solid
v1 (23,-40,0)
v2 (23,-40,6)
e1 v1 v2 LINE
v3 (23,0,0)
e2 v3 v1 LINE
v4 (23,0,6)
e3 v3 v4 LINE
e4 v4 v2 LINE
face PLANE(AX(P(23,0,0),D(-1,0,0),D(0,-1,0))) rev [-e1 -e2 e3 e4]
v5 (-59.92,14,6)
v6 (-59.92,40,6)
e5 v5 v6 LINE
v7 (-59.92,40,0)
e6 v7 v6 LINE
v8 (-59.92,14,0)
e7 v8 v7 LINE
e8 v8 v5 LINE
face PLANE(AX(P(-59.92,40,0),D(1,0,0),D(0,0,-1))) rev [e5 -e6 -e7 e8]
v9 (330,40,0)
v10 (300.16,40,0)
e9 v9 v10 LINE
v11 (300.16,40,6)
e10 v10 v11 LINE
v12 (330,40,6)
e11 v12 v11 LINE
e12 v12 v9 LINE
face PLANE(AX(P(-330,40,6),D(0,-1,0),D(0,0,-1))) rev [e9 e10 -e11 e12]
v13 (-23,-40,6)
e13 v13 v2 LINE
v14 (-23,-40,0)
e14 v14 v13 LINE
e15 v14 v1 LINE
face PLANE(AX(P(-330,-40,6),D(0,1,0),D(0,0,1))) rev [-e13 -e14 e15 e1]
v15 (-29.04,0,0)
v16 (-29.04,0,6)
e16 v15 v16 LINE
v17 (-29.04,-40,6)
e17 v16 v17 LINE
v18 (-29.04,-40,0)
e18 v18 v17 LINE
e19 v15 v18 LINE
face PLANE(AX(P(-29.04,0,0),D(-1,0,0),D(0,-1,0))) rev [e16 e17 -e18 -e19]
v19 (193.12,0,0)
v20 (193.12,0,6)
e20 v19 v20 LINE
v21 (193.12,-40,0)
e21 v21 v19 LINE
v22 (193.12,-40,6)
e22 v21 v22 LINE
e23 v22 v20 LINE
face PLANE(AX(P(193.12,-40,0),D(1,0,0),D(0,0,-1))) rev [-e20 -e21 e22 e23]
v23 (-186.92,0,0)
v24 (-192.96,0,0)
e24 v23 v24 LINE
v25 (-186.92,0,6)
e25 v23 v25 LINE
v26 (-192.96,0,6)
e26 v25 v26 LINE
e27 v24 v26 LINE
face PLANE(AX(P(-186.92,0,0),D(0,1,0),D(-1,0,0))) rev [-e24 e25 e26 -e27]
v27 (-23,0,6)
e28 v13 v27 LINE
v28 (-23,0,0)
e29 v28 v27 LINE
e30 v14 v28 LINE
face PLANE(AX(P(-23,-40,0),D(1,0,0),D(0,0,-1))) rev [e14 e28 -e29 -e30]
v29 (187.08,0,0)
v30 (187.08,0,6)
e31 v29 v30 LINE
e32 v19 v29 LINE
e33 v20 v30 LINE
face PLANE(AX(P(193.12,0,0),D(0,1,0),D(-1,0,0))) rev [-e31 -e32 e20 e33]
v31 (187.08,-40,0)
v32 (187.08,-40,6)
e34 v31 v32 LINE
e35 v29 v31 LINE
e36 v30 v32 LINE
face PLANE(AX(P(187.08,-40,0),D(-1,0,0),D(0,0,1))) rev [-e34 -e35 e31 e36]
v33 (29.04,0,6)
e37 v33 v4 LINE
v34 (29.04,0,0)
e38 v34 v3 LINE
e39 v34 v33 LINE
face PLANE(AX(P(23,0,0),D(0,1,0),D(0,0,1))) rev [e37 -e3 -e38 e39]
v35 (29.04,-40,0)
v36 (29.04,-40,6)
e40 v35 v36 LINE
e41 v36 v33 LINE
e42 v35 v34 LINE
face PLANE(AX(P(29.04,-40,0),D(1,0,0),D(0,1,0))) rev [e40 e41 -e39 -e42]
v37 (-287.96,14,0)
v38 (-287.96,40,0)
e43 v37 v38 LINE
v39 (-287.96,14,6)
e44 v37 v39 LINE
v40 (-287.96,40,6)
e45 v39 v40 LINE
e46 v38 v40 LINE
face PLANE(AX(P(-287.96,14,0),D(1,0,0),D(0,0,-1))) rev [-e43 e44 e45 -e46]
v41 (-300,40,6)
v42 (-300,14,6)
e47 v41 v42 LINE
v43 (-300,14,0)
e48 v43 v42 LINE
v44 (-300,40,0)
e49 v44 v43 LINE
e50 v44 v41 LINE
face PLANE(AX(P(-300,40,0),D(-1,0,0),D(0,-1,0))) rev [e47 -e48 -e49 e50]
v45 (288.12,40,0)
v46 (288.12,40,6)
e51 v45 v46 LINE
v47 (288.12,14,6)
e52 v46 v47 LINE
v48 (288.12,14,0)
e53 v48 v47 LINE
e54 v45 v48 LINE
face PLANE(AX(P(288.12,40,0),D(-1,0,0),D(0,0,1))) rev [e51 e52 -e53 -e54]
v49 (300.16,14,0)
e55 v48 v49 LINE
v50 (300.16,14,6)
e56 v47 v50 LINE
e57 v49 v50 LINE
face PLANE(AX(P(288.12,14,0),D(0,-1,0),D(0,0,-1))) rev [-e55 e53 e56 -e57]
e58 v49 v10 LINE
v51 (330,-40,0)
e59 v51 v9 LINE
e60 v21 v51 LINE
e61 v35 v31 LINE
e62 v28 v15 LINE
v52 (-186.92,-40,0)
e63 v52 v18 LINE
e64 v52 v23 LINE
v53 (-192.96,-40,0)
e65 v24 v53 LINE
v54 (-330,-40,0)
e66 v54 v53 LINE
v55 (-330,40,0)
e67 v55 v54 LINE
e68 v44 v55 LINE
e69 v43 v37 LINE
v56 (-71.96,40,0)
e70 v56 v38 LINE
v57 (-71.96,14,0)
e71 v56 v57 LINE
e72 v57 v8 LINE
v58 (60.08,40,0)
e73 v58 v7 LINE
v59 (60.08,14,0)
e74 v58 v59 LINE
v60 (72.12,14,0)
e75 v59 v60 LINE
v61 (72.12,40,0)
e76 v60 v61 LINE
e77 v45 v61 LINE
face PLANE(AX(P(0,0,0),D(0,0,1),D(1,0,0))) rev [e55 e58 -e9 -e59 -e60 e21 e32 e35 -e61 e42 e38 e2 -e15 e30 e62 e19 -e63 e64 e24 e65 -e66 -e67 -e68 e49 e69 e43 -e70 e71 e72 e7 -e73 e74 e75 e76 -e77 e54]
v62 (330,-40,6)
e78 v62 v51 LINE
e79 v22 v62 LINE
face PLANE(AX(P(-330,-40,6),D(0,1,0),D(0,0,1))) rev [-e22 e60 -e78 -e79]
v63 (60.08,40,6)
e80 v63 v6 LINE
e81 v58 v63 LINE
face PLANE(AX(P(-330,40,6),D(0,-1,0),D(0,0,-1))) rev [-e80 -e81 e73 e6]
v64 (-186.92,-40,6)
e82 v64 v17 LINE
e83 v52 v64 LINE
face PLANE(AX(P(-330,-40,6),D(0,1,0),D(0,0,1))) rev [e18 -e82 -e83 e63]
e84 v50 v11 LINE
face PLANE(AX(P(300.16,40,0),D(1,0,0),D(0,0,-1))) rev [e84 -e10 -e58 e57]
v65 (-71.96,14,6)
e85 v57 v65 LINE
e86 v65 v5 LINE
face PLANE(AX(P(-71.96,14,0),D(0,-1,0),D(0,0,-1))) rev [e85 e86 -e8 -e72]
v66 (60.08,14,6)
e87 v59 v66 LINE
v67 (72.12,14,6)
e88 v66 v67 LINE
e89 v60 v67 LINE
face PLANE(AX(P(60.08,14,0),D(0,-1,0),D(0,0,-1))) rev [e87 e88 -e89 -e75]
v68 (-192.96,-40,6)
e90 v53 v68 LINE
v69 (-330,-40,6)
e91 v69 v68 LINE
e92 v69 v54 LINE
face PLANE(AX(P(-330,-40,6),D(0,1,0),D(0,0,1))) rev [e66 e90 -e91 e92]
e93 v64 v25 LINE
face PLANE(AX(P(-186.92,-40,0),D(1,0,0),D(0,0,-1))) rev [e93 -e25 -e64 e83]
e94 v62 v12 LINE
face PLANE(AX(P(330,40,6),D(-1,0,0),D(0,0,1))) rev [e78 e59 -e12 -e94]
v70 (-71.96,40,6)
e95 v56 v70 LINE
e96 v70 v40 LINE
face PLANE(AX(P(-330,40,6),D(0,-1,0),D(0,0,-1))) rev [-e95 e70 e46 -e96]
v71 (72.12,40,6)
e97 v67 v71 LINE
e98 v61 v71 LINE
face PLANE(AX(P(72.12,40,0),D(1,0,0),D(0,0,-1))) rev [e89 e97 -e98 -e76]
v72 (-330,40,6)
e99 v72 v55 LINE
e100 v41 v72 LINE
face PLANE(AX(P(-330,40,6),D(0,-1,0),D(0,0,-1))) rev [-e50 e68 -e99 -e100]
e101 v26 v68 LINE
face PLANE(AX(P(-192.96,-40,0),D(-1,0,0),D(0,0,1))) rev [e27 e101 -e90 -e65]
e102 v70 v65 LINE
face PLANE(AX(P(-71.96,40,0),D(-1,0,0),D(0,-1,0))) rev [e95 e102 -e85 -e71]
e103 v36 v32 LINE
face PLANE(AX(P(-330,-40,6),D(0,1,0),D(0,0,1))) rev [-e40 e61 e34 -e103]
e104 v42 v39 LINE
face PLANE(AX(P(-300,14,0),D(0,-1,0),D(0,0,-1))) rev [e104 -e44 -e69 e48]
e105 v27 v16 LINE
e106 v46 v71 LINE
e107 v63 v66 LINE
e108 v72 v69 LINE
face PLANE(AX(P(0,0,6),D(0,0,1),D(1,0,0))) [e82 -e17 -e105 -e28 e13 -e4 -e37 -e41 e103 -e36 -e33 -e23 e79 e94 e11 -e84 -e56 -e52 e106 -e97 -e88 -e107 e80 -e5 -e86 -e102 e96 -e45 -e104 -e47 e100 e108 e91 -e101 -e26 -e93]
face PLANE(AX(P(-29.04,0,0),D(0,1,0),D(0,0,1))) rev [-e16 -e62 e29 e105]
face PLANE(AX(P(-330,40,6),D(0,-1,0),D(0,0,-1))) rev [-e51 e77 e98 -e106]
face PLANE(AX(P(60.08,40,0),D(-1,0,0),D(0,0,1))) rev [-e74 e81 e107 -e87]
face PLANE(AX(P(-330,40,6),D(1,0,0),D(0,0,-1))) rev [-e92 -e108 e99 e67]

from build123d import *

# Parameters (mm, degrees)
SKETCH1_W           = 660
SKETCH1_H           = 80
BOSS_EXTRUDE1_DEPTH = 6
SKETCH2_W           = 12.04
SKETCH2_H           = 26
CUT_EXTRUDE1_DEPTH  = 333.469547478
SKETCH3_W           = 6.04
SKETCH3_H           = 40
CUT_EXTRUDE2_DEPTH  = 333.469547478
SKETCH4_W           = 6.04
SKETCH4_H           = 40
CUT_EXTRUDE3_DEPTH  = 333.469547478


with BuildPart() as part:
    # Sketch1 → Boss-Extrude1 (new body)
    with BuildSketch(Plane.XY):
        Rectangle(SKETCH1_W, SKETCH1_H)
    extrude(amount=BOSS_EXTRUDE1_DEPTH)

    # Sketch2 → Cut-Extrude1 (cut, through all)
    with BuildSketch(Plane.XY.offset(6)):
        with Locations((-293.98, 27)):
            Rectangle(SKETCH2_W, SKETCH2_H)
        with Locations((-65.94, 27)):
            Rectangle(SKETCH2_W, SKETCH2_H)
        with Locations((66.1, 27)):
            Rectangle(SKETCH2_W, SKETCH2_H)
        with Locations((294.14, 27)):
            Rectangle(SKETCH2_W, SKETCH2_H)
    extrude(amount=-CUT_EXTRUDE1_DEPTH, mode=Mode.SUBTRACT)

    # Sketch3 → Cut-Extrude2 (cut, through all)
    with BuildSketch(Plane.XY.offset(6)):
        with Locations((-26.02, -20)):
            Rectangle(SKETCH3_W, SKETCH3_H)
        with Locations((26.02, -20)):
            Rectangle(SKETCH3_W, SKETCH3_H)
    extrude(amount=-CUT_EXTRUDE2_DEPTH, mode=Mode.SUBTRACT)

    # Sketch4 → Cut-Extrude3 (cut, through all)
    with BuildSketch(Plane.XY.offset(6)):
        with Locations((-189.94, -20)):
            Rectangle(SKETCH4_W, SKETCH4_H)
        with Locations((190.1, -20)):
            Rectangle(SKETCH4_W, SKETCH4_H)
    extrude(amount=-CUT_EXTRUDE3_DEPTH, mode=Mode.SUBTRACT)


solid = part.part
